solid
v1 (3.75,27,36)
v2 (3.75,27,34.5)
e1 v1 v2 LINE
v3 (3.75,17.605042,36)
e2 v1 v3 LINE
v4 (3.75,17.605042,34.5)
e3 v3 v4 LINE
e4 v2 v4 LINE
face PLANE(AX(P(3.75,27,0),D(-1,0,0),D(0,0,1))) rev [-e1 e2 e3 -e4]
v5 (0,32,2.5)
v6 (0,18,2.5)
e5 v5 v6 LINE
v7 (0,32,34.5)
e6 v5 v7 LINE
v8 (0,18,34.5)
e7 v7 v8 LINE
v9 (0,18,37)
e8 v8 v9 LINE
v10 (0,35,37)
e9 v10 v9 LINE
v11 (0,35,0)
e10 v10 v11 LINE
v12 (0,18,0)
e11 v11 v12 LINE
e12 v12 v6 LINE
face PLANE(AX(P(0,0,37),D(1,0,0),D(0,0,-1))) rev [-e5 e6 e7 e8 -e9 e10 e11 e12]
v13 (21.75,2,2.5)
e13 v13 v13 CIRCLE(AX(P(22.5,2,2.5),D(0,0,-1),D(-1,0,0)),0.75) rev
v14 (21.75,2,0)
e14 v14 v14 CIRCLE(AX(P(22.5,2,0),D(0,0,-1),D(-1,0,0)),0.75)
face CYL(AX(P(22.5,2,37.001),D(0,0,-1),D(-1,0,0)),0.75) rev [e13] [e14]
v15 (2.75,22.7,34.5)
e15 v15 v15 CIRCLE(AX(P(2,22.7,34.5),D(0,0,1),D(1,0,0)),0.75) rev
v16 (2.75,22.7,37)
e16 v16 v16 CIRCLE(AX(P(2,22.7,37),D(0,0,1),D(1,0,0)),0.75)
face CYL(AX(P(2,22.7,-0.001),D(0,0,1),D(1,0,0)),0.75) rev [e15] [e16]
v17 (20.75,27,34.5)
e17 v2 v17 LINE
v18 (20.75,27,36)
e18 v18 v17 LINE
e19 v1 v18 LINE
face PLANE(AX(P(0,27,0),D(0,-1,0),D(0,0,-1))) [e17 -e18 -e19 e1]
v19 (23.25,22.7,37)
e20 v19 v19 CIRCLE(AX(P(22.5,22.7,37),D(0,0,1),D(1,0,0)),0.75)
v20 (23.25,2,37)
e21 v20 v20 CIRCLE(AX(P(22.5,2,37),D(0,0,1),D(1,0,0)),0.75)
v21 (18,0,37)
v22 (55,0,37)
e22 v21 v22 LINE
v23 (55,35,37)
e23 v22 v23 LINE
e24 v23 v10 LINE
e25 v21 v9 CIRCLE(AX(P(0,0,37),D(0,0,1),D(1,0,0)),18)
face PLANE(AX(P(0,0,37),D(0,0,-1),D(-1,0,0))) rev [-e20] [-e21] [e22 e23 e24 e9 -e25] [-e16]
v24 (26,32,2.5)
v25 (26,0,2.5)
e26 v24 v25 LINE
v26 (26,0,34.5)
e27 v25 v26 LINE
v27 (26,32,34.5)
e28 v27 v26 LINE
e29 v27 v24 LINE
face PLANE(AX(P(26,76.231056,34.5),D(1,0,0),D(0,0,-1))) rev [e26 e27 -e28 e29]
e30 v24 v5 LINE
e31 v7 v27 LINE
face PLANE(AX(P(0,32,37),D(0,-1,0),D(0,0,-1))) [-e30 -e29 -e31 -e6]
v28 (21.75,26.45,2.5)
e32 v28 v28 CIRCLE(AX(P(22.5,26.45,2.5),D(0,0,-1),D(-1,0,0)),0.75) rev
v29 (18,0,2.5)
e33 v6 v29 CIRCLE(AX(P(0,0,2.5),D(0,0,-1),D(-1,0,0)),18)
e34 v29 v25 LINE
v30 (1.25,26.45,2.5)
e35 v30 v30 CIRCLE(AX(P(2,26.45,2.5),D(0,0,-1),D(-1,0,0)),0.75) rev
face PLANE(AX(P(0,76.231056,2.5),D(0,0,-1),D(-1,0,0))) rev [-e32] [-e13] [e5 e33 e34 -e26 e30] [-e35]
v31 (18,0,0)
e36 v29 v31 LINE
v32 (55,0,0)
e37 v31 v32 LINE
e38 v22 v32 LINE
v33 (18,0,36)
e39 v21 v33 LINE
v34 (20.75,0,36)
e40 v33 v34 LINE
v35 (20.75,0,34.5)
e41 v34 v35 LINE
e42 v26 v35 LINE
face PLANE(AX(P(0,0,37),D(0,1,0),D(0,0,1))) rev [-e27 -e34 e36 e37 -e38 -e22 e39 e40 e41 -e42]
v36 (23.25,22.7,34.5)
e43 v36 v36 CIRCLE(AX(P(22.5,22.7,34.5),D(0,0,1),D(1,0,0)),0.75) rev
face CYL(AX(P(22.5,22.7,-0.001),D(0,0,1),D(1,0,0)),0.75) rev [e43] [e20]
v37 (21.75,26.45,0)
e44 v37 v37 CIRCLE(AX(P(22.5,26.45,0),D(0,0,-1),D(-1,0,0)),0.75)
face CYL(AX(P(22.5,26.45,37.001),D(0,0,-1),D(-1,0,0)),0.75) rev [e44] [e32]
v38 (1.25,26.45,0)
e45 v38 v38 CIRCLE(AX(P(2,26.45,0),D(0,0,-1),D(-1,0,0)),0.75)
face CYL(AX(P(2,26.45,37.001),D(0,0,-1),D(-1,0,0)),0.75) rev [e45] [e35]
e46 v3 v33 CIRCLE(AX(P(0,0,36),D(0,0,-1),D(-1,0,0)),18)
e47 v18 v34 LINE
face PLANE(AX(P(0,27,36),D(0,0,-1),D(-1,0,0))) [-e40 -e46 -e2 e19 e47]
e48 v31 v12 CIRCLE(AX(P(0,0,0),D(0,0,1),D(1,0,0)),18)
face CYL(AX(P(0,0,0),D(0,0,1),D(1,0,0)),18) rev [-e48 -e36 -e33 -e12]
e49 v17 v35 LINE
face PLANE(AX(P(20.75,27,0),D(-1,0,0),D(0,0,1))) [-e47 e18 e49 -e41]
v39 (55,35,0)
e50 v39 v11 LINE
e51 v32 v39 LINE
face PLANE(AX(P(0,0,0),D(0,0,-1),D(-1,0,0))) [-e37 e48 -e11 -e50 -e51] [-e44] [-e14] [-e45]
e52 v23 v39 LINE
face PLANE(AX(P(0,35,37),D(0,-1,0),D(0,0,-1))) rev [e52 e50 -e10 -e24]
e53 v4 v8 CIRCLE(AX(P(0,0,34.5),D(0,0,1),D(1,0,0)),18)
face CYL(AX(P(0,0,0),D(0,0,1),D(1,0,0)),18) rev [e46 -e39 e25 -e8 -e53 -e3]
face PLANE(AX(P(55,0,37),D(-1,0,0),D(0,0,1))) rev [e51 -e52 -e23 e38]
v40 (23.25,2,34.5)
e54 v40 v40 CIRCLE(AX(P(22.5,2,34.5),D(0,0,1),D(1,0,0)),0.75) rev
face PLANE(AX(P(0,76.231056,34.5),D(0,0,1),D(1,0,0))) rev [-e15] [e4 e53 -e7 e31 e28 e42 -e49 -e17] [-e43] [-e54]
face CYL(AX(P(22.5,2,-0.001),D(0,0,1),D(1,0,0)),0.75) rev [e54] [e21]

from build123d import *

# Parameters (mm, degrees)
SKETCH_1_W          = 55
SKETCH_1_H          = 35
EXTRUDE_1_DEPTH     = 37
SKETCH_3_W          = 26
SKETCH_3_H          = 32
CUT_EXTRUDE_1_DEPTH = 32
CUT_EXTRUDE_2_REACH = 76.96
SKETCH_4_R          = 0.75
CUT_EXTRUDE_3_REACH = 76.96
SKETCH_5_R          = 0.75
SKETCH_6_W          = 17
SKETCH_6_H          = 1.5
CUT_EXTRUDE_4_DEPTH = 27
SKETCH_7_R          = 18
CUT_EXTRUDE_5_DEPTH = 75.959989328


with BuildPart() as part:
    # 草图1 → 凸台-拉伸1 (new body)
    with BuildSketch(Plane.XY):
        with Locations((27.5, 17.5)):
            Rectangle(SKETCH_1_W, SKETCH_1_H)
    extrude(amount=EXTRUDE_1_DEPTH)

    # 草图3 → 切除-拉伸1 (cut)
    with BuildSketch(Plane.XZ):
        with Locations((13, 18.5)):
            Rectangle(SKETCH_3_W, SKETCH_3_H)
    extrude(amount=-CUT_EXTRUDE_1_DEPTH, mode=Mode.SUBTRACT)

    # 草图4 → 切除-拉伸2 (cut, up to next)
    with BuildSketch(Plane.XY.offset(37), mode=Mode.PRIVATE) as cut_extrude_2_sk1:
        with Locations((2, 2)):
            Circle(SKETCH_4_R)
    cut_extrude_2_tool1 = extrude(cut_extrude_2_sk1.sketch, amount=-CUT_EXTRUDE_2_REACH, mode=Mode.PRIVATE) & part.part
    # 草图4 → 切除-拉伸2 (cut, up to next)
    with BuildSketch(Plane.XY.offset(37), mode=Mode.PRIVATE) as cut_extrude_2_sk2:
        with Locations((22.5, 2)):
            Circle(SKETCH_4_R)
    cut_extrude_2_tool2 = extrude(cut_extrude_2_sk2.sketch, amount=-CUT_EXTRUDE_2_REACH, mode=Mode.PRIVATE) & part.part
    # 草图4 → 切除-拉伸2 (cut, up to next)
    with BuildSketch(Plane.XY.offset(37), mode=Mode.PRIVATE) as cut_extrude_2_sk3:
        with Locations((22.5, 22.7)):
            Circle(SKETCH_4_R)
    cut_extrude_2_tool3 = extrude(cut_extrude_2_sk3.sketch, amount=-CUT_EXTRUDE_2_REACH, mode=Mode.PRIVATE) & part.part
    # 草图4 → 切除-拉伸2 (cut, up to next)
    with BuildSketch(Plane.XY.offset(37), mode=Mode.PRIVATE) as cut_extrude_2_sk4:
        with Locations((2, 22.7)):
            Circle(SKETCH_4_R)
    cut_extrude_2_tool4 = extrude(cut_extrude_2_sk4.sketch, amount=-CUT_EXTRUDE_2_REACH, mode=Mode.PRIVATE) & part.part
    add(cut_extrude_2_tool1.solids().sort_by_distance((2, 2, 37))[0], mode=Mode.SUBTRACT)
    add(cut_extrude_2_tool2.solids().sort_by_distance((22.5, 2, 37))[0], mode=Mode.SUBTRACT)
    add(cut_extrude_2_tool3.solids().sort_by_distance((22.5, 22.7, 37))[0], mode=Mode.SUBTRACT)
    add(cut_extrude_2_tool4.solids().sort_by_distance((2, 22.7, 37))[0], mode=Mode.SUBTRACT)

    # 草图5 → 切除-拉伸3 (cut, up to next)
    with BuildSketch(Plane(origin=(0, 0, 0), x_dir=(-1, 0, 0), z_dir=(0, 0, -1)), mode=Mode.PRIVATE) as cut_extrude_3_sk1:
        with Locations(Location((-22.5, 2, 0), (0, 0, 180))):
            Circle(SKETCH_5_R)
    cut_extrude_3_tool1 = extrude(cut_extrude_3_sk1.sketch, amount=-CUT_EXTRUDE_3_REACH, mode=Mode.PRIVATE) & part.part
    # 草图5 → 切除-拉伸3 (cut, up to next)
    with BuildSketch(Plane(origin=(0, 0, 0), x_dir=(-1, 0, 0), z_dir=(0, 0, -1)), mode=Mode.PRIVATE) as cut_extrude_3_sk2:
        with Locations(Location((-2, 2, 0), (0, 0, 180))):
            Circle(SKETCH_5_R)
    cut_extrude_3_tool2 = extrude(cut_extrude_3_sk2.sketch, amount=-CUT_EXTRUDE_3_REACH, mode=Mode.PRIVATE) & part.part
    # 草图5 → 切除-拉伸3 (cut, up to next)
    with BuildSketch(Plane(origin=(0, 0, 0), x_dir=(-1, 0, 0), z_dir=(0, 0, -1)), mode=Mode.PRIVATE) as cut_extrude_3_sk3:
        with Locations((-2, 26.45)):
            Circle(SKETCH_5_R)
    cut_extrude_3_tool3 = extrude(cut_extrude_3_sk3.sketch, amount=-CUT_EXTRUDE_3_REACH, mode=Mode.PRIVATE) & part.part
    # 草图5 → 切除-拉伸3 (cut, up to next)
    with BuildSketch(Plane(origin=(0, 0, 0), x_dir=(-1, 0, 0), z_dir=(0, 0, -1)), mode=Mode.PRIVATE) as cut_extrude_3_sk4:
        with Locations((-22.5, 26.45)):
            Circle(SKETCH_5_R)
    cut_extrude_3_tool4 = extrude(cut_extrude_3_sk4.sketch, amount=-CUT_EXTRUDE_3_REACH, mode=Mode.PRIVATE) & part.part
    add(cut_extrude_3_tool1.solids().sort_by_distance((22.5, 2, 0))[0], mode=Mode.SUBTRACT)
    add(cut_extrude_3_tool2.solids().sort_by_distance((2, 2, 0))[0], mode=Mode.SUBTRACT)
    add(cut_extrude_3_tool3.solids().sort_by_distance((2, 26.45, 0))[0], mode=Mode.SUBTRACT)
    add(cut_extrude_3_tool4.solids().sort_by_distance((22.5, 26.45, 0))[0], mode=Mode.SUBTRACT)

    # 草图6 → 切除-拉伸4 (cut)
    with BuildSketch(Plane.XZ):
        with Locations((12.25, 35.25)):
            Rectangle(SKETCH_6_W, SKETCH_6_H)
    extrude(amount=-CUT_EXTRUDE_4_DEPTH, mode=Mode.SUBTRACT)

    # 草图7 → 切除-拉伸5 (cut, through all)
    with BuildSketch(Plane.XY.offset(37)):
        Circle(SKETCH_7_R)
    extrude(amount=-CUT_EXTRUDE_5_DEPTH, mode=Mode.SUBTRACT)


solid = part.part
